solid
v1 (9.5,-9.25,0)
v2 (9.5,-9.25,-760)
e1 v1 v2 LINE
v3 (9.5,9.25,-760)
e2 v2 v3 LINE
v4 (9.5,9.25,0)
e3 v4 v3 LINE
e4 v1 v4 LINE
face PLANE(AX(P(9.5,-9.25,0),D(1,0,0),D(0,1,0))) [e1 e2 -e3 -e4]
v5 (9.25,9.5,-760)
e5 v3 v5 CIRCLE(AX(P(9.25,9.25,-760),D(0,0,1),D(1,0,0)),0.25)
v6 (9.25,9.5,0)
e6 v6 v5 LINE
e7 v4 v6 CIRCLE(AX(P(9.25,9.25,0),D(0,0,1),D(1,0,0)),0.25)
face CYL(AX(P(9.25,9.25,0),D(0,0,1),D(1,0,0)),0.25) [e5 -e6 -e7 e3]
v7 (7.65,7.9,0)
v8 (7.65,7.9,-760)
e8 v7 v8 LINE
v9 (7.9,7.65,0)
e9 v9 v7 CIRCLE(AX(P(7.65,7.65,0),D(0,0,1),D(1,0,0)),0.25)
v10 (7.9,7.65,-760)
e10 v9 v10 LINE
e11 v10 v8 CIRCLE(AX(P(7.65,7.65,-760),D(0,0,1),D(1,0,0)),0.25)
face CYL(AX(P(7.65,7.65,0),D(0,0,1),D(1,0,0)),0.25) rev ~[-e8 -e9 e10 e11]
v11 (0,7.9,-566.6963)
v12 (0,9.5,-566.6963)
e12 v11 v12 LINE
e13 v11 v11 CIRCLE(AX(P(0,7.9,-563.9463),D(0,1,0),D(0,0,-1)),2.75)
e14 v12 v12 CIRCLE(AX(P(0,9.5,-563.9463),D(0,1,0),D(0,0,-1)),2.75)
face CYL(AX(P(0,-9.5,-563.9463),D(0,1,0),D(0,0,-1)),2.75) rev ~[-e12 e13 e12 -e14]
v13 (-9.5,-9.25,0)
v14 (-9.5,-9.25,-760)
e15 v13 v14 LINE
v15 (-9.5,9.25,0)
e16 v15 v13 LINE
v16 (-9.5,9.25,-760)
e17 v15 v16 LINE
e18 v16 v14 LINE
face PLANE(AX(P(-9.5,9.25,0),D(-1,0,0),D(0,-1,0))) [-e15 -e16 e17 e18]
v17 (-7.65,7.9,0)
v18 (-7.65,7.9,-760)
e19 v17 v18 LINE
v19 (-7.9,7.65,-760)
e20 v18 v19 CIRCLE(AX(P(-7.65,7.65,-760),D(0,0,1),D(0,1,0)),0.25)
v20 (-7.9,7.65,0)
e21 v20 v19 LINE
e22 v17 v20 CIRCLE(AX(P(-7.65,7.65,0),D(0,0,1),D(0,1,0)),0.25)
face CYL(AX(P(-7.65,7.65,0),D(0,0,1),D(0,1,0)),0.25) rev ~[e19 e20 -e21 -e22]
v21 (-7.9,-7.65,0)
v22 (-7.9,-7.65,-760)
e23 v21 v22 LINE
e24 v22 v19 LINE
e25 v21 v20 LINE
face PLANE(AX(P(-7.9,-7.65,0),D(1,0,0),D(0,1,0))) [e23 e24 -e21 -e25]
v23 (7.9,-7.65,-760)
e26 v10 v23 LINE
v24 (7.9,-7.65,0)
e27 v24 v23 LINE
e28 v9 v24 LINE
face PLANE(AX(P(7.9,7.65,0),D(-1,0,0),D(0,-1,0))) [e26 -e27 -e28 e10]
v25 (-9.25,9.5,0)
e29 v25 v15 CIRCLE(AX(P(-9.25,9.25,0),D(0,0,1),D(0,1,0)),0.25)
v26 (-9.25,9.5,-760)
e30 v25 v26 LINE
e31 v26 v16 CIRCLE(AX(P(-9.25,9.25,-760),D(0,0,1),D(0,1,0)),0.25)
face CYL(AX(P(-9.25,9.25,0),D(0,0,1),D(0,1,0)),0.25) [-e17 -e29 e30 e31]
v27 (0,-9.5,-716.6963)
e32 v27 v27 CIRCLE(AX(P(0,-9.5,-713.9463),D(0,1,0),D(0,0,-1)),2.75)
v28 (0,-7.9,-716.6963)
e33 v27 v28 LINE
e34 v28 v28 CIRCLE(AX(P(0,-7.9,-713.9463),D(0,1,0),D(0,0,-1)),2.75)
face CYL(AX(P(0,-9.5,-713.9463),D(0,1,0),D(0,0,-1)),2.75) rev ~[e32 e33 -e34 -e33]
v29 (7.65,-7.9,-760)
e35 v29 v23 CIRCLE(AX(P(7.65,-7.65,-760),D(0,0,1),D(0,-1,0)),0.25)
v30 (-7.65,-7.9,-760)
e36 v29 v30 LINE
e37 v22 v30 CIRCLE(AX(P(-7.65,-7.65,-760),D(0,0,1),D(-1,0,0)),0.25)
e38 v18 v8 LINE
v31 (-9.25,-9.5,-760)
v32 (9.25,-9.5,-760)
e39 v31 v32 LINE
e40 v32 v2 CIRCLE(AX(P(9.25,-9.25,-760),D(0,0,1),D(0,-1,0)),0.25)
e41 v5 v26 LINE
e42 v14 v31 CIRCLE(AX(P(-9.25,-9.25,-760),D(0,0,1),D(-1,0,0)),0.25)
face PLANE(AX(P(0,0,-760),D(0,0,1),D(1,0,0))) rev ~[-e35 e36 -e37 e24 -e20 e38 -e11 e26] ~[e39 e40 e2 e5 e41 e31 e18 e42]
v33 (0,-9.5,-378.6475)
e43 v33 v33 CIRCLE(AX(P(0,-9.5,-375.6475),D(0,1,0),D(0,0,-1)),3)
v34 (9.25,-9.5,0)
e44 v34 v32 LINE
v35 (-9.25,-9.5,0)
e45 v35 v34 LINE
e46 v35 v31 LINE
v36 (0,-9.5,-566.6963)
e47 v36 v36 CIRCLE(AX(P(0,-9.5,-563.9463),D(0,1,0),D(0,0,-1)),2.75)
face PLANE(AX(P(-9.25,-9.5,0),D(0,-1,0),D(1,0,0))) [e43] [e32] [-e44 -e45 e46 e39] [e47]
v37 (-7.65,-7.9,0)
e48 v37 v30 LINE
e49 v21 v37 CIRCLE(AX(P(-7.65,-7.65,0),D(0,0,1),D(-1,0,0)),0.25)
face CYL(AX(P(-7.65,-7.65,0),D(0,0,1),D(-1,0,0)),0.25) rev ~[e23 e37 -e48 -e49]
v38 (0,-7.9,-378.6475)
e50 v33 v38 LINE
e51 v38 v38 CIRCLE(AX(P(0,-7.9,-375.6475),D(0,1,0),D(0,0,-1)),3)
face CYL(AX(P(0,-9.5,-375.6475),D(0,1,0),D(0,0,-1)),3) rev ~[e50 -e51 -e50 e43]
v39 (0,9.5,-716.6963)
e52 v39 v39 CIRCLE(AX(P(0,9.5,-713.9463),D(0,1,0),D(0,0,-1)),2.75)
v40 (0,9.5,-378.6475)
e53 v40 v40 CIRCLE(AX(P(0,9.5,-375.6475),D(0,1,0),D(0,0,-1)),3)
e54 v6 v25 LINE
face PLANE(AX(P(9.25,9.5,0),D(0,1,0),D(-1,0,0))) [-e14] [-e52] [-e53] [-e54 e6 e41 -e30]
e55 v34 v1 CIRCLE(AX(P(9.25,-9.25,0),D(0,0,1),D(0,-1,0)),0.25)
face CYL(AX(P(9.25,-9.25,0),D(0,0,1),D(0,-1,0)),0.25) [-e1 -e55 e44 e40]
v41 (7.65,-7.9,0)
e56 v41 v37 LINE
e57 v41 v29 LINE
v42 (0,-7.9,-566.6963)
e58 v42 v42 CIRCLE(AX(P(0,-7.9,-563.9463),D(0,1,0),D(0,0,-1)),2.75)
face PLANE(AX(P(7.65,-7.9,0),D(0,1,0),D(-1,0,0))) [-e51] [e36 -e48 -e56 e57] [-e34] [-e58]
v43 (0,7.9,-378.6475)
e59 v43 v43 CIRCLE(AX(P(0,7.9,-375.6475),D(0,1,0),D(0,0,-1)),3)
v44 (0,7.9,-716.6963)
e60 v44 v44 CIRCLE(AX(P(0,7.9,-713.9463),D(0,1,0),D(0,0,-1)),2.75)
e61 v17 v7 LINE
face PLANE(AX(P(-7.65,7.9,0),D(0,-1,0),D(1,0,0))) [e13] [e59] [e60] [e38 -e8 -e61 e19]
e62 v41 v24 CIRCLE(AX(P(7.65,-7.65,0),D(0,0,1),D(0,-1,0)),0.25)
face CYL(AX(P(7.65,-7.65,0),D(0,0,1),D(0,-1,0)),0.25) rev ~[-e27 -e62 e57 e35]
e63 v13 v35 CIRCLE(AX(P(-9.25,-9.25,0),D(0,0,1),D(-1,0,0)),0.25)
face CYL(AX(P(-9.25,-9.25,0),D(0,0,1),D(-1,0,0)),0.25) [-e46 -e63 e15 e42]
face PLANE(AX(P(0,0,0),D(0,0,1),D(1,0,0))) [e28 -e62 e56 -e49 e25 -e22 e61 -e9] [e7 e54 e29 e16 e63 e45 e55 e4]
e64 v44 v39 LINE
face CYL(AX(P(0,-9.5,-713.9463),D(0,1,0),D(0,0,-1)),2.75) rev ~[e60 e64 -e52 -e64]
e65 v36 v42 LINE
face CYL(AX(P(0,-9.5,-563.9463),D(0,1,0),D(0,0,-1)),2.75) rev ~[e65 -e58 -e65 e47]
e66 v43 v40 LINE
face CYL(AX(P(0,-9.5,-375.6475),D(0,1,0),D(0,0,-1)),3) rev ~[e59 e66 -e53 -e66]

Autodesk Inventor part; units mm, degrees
ref_plane "YZ Plane" through (0, 0, 0) normal (1, 0, 0) x (0, 1, 0)
ref_plane "XZ Plane" through (0, 0, 0) normal (0, 1, 0) x (-1, 0, 0)
ref_plane "XY Plane" through (0, 0, 0) normal (0, 0, 1) x (1, 0, 0)
sketch "Sketch2" plane through (0, 0, 0) normal (0, 0, 1) x (1, 0, 0)
  line L0 (-9.25, -9.5) -> (9.25, -9.5)
  line L1 (9.5, -9.25) -> (9.5, 9.25)
  line L2 (9.25, 9.5) -> (-9.25, 9.5)
  line L3 (-9.5, 9.25) -> (-9.5, -9.25)
  line L4 (-9.5, -9.5) -> (9.5, 9.5) construction
  line L5 (9.5, -9.5) -> (-9.5, 9.5) construction
  line L6 (-7.65, 7.9) -> (7.65, 7.9)
  line L7 (7.9, 7.65) -> (7.9, -7.65)
  line L8 (7.65, -7.9) -> (-7.65, -7.9)
  line L9 (-7.9, -7.65) -> (-7.9, 7.65)
  arc A0 (-9.25, 9.5) -> (-9.5, 9.25) centre (-9.25, 9.25) ccw
  arc A1 (-7.65, 7.9) -> (-7.9, 7.65) centre (-7.65, 7.65) ccw
  arc A2 (9.5, 9.25) -> (9.25, 9.5) centre (9.25, 9.25) ccw
  arc A3 (9.25, -9.5) -> (9.5, -9.25) centre (9.25, -9.25) ccw
  arc A4 (-9.5, -9.25) -> (-9.25, -9.5) centre (-9.25, -9.25) ccw
  arc A5 (-7.9, -7.65) -> (-7.65, -7.9) centre (-7.65, -7.65) ccw
  arc A6 (7.9, 7.65) -> (7.65, 7.9) centre (7.65, 7.65) ccw
  arc A7 (7.65, -7.9) -> (7.9, -7.65) centre (7.65, -7.65) ccw
  point P0 (0, 0)
  dimension "d0" = 19
  dimension "d1" = 19
  dimension "d2" = 1.6
  dimension "d3" = 0.25
extrude "Extrusion1" add sketch "Sketch2" against normal blind 760
sketch "Sketch3" plane through (-9.25, -9.5, 0) normal (0, -1, 0) x (1, 0, 0)
  circle A0 centre (9.25, -713.9463) radius 3.175 projected
  circle A1 centre (9.25, -563.9463) radius 3.175 projected
  point P0 (9.25, 0)
hole "Hole1" at (0, -9.5, -563.9463) at (0, -9.5, -713.9463) direction (0, 1, 0) diameter 5.5 end through all
sketch "Sketch5" plane through (-9.25, -9.5, 0) normal (0, -1, 0) x (1, 0, 0)
  circle A0 centre (9.25, -375.6475) radius 3 projected
  point P0 (9.25, 0)
hole "Hole2" at (0, -9.5, -375.6475) direction (0, 1, 0) diameter 6 end through all
properties part number "bpSupArm37"
